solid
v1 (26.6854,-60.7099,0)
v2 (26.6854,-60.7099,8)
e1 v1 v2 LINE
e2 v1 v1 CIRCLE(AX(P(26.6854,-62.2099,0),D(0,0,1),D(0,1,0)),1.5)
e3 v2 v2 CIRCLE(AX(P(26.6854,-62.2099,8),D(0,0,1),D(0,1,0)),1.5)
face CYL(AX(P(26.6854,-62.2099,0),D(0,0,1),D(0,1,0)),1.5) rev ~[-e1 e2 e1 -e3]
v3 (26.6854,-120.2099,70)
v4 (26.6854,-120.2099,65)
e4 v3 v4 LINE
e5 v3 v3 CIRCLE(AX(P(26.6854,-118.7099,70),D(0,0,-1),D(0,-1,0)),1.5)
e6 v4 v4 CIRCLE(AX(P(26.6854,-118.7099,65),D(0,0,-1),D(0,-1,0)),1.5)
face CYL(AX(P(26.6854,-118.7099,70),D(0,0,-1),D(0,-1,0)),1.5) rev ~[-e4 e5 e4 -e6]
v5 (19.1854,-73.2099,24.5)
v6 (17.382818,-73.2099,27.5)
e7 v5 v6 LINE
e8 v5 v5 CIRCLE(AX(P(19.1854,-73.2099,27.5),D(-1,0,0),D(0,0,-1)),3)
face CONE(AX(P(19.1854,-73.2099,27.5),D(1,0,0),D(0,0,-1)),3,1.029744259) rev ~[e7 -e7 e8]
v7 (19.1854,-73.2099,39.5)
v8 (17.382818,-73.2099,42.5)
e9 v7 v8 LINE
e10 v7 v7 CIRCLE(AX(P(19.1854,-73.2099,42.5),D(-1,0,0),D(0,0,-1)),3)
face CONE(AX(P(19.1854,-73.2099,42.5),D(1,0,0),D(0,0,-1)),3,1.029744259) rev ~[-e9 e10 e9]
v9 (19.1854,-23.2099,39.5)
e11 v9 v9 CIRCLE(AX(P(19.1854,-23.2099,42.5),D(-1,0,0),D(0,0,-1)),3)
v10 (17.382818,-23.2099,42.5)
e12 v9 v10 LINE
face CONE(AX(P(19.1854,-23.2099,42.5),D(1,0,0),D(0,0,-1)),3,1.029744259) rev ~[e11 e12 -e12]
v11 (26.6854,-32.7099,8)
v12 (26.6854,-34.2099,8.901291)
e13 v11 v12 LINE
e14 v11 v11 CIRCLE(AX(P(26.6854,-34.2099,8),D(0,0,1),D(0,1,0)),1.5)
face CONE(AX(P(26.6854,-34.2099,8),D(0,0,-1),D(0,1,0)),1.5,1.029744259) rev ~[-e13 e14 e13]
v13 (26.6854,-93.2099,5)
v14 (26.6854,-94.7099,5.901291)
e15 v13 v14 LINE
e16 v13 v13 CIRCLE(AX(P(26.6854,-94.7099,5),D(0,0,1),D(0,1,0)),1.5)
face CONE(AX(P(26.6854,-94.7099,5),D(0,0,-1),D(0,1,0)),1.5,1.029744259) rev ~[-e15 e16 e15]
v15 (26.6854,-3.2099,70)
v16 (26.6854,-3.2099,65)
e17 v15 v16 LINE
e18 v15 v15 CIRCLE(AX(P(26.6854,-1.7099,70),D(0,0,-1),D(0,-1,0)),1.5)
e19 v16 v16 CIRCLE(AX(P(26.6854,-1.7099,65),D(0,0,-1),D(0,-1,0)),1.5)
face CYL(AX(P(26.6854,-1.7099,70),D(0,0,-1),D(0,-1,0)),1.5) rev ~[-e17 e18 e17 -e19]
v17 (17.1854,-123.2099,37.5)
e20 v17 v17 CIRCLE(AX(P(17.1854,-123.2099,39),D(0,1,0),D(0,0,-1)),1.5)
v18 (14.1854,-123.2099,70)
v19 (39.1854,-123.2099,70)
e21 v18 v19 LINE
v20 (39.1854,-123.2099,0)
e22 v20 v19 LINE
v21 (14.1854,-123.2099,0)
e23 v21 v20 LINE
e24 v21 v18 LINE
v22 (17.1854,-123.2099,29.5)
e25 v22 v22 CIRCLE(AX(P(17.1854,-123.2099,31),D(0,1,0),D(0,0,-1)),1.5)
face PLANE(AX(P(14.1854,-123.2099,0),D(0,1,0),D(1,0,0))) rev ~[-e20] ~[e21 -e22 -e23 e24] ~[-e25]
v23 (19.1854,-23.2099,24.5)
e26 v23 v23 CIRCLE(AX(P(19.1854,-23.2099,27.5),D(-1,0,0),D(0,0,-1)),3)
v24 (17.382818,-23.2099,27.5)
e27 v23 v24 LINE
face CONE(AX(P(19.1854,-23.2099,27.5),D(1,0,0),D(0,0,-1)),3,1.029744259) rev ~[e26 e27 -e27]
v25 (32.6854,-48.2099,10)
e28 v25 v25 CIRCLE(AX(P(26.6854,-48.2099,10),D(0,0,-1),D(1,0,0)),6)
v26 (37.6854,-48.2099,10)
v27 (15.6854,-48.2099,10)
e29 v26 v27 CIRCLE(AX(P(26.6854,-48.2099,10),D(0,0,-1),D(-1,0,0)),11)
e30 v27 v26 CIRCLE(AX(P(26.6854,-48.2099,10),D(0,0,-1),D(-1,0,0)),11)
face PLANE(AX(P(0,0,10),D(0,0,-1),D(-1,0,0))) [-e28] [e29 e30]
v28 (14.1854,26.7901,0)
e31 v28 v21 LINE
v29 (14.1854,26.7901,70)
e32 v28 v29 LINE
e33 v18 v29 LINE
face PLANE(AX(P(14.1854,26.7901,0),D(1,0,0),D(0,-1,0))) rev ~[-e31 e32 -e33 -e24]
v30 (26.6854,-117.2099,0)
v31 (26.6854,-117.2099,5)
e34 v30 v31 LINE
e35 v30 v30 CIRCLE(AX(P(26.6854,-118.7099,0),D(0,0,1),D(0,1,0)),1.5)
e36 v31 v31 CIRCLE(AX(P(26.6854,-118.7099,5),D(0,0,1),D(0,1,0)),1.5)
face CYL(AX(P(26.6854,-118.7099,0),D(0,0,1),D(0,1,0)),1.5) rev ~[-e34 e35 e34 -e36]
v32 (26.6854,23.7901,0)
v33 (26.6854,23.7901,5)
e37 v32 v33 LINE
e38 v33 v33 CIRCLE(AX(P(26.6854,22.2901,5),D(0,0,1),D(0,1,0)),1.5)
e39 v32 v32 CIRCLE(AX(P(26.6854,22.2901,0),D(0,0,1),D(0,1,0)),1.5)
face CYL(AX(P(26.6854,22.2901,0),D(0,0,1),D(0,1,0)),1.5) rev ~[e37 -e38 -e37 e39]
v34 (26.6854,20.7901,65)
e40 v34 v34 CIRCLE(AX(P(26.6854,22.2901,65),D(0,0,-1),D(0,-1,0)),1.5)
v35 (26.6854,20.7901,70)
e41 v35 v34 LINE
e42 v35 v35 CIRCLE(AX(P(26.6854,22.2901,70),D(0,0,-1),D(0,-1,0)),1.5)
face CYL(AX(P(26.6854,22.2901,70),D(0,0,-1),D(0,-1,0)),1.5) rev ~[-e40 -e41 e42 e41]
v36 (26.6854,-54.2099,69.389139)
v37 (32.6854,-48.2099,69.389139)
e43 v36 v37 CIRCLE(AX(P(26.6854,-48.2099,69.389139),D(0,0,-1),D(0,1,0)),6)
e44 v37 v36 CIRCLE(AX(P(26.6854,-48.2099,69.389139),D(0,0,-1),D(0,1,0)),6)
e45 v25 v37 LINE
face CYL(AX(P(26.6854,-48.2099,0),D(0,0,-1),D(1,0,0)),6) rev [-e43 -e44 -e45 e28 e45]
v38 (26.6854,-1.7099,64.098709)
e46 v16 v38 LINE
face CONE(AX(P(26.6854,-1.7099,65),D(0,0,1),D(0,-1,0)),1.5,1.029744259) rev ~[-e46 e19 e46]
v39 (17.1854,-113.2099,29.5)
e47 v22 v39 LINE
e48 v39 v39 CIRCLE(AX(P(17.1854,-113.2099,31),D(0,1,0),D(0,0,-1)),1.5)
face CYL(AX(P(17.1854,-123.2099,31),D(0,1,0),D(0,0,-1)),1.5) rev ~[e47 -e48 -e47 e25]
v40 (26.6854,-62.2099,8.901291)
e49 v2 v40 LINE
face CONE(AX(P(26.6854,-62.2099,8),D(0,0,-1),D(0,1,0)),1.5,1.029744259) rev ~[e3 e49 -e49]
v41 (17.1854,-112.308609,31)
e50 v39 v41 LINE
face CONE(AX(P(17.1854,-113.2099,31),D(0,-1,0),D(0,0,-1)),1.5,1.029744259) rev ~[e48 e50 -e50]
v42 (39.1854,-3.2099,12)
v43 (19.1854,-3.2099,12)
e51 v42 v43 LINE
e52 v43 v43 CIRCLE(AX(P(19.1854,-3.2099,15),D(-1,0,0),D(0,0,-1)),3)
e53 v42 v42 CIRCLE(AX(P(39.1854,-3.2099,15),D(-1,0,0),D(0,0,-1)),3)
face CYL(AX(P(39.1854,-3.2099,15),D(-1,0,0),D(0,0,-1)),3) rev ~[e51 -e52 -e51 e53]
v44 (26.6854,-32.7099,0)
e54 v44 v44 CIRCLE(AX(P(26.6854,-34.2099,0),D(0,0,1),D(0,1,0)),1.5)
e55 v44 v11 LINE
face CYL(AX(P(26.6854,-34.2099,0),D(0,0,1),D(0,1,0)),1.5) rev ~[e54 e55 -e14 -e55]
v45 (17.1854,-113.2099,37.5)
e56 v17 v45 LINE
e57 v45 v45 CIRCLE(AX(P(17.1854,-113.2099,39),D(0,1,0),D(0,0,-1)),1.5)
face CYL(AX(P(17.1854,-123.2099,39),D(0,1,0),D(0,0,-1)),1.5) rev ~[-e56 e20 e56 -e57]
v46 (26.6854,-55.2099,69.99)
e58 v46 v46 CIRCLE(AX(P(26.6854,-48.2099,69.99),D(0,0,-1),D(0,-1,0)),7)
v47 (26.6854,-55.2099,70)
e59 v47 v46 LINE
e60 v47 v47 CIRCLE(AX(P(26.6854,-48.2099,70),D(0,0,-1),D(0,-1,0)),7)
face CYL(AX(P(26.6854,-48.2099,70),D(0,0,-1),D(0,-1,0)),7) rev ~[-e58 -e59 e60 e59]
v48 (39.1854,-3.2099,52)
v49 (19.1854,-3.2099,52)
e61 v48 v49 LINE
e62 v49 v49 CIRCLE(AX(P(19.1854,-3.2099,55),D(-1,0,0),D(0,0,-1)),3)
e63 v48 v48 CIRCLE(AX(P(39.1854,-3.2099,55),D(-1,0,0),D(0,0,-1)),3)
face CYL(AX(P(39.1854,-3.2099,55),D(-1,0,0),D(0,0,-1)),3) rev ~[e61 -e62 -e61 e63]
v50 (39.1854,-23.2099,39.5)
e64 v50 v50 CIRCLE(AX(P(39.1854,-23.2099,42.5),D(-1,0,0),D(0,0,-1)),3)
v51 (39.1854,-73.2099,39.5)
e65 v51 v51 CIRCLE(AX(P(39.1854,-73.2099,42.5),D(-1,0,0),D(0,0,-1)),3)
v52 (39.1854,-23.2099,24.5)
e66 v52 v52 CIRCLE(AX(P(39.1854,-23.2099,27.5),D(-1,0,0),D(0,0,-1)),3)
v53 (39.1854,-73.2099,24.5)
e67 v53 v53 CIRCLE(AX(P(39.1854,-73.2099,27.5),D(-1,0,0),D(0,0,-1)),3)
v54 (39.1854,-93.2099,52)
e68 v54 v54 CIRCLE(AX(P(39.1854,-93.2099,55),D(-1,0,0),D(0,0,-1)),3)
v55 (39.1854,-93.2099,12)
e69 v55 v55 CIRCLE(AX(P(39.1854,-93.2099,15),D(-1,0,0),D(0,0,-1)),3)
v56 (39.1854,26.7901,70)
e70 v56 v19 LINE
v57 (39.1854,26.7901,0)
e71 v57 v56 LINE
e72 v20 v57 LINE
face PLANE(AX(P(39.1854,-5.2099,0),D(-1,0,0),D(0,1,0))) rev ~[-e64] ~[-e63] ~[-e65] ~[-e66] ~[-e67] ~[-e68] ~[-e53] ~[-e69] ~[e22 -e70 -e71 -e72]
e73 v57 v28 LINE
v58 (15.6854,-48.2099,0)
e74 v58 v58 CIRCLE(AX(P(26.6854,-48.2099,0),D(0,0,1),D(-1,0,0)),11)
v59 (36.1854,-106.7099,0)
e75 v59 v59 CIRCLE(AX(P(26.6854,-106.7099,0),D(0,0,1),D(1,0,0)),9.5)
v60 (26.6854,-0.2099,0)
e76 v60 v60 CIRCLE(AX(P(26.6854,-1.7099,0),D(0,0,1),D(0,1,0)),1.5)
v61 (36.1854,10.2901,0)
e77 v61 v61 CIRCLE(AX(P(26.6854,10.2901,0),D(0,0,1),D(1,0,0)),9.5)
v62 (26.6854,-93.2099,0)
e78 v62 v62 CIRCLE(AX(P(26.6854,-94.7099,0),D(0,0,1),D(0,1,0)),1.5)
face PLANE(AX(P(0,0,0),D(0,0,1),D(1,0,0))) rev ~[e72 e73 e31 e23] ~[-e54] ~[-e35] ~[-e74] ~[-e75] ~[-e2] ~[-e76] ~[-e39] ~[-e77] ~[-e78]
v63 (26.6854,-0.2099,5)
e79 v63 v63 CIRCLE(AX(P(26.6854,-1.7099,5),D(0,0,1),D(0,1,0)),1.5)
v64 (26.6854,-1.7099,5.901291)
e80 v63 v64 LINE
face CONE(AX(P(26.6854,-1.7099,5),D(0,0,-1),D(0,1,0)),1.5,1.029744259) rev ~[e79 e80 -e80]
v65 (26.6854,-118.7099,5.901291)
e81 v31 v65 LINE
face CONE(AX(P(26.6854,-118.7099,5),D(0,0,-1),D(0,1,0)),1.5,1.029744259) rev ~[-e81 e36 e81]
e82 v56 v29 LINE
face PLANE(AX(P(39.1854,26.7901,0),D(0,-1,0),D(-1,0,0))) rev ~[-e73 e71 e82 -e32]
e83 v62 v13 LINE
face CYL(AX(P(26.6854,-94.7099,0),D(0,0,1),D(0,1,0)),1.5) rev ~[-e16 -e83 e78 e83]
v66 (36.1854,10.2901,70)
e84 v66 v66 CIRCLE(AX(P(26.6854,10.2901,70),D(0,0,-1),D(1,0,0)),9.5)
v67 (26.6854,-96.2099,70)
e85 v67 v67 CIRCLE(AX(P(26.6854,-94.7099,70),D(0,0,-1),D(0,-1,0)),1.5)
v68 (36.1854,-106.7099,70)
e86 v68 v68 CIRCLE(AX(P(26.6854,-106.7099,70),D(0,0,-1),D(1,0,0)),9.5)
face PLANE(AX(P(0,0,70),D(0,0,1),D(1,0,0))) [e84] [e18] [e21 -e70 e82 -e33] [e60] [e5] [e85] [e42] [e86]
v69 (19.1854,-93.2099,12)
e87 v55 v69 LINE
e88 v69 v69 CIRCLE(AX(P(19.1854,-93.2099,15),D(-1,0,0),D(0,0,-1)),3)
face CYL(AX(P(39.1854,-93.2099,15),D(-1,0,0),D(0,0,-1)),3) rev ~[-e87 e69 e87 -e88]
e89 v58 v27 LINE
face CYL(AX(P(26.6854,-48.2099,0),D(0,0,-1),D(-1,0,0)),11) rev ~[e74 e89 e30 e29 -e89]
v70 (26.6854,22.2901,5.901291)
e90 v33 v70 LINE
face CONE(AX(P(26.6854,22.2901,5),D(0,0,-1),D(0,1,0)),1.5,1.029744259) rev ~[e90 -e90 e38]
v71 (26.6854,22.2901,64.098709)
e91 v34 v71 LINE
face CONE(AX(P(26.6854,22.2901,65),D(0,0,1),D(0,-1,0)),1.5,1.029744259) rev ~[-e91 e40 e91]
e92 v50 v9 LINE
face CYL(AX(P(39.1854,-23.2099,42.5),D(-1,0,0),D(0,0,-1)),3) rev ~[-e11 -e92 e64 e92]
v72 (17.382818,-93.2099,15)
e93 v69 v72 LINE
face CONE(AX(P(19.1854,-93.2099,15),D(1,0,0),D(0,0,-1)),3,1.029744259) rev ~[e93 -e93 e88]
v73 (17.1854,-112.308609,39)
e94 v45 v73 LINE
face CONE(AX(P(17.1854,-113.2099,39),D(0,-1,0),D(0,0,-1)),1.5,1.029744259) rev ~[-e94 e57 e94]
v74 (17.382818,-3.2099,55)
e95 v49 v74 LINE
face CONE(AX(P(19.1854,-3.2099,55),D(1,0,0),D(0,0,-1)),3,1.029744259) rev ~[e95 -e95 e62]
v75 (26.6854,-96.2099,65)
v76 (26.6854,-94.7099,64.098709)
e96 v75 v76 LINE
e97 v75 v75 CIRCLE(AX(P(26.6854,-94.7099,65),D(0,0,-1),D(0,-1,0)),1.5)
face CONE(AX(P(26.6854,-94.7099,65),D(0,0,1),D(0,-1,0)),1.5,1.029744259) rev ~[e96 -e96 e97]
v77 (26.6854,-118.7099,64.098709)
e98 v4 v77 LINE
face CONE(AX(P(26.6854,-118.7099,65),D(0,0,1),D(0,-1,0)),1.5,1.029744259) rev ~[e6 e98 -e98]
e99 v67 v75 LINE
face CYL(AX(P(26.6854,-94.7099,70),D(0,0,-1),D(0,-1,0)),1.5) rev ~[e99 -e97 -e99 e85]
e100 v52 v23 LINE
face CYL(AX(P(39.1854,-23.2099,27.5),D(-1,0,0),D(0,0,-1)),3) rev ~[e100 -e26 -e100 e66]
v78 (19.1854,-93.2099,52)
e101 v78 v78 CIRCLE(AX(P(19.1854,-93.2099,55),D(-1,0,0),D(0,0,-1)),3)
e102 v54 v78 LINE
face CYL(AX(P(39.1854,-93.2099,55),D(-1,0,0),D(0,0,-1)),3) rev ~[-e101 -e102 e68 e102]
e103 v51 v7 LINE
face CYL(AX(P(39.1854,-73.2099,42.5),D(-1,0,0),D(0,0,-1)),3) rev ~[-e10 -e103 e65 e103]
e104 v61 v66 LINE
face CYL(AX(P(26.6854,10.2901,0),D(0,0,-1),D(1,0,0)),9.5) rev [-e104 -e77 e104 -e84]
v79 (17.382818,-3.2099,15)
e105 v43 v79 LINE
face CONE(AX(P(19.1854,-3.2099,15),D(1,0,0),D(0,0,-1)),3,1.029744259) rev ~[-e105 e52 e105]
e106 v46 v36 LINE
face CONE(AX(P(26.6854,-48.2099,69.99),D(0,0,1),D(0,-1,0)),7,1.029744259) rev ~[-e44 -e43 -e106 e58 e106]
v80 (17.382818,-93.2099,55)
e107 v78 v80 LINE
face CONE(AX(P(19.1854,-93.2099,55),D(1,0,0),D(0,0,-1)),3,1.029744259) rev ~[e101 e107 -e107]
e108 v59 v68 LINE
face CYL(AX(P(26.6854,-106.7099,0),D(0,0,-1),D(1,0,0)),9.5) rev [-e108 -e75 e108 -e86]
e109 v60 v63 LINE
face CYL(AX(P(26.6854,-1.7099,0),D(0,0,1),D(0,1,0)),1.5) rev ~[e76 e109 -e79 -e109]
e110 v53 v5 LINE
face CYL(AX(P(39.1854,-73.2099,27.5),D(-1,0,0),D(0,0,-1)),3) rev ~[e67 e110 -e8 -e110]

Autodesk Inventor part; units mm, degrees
ref_plane "YZ Plane" through (0, 0, 0) normal (1, 0, 0) x (0, 1, 0)
ref_plane "XZ Plane" through (0, 0, 0) normal (0, 1, 0) x (-1, 0, 0)
ref_plane "XY Plane" through (0, 0, 0) normal (0, 0, 1) x (1, 0, 0)
sketch "Sketch1" plane through (0, 0, 0) normal (0, 0, 1) x (1, 0, 0)
  line L0 (14.1854, 26.7901) -> (14.1854, -123.2099)
  line L1 (14.1854, -123.2099) -> (39.1854, -123.2099)
  line L2 (39.1854, -123.2099) -> (39.1854, 26.7901)
  line L3 (39.1854, 26.7901) -> (14.1854, 26.7901)
  circle A0 centre (26.6854, 10.2901) radius 9.5
  circle A1 centre (26.6854, -48.2099) radius 6
  circle A2 centre (37.1854, -8.2099) radius 3
  line L4 (39.1854, -5.2099) -> (14.1854, -5.2099)
  line L5 (39.1854, -11.2099) -> (14.1854, -11.2099)
  circle A3 centre (26.6854, 23.2901) radius 1.5
  line L6 (26.6854, 19.7901) -> (20.6854, 19.7901)
  line L7 (26.6854, 21.7901) -> (21.9472, 21.7901)
  line L8 (26.6854, 24.7901) -> (23.6854, 24.7901)
  line L9 (26.6854, 10.2901) -> (21.9472, 10.2901)
  circle A4 centre (26.6854, -2.7099) radius 1.5
  line L10 (14.1854, -48.2099) -> (17.1854, -48.2099)
  circle A5 centre (26.6854, -106.7099) radius 9.5
  circle A6 centre (37.1854, -88.2099) radius 3
  line L11 (39.1854, -91.2099) -> (14.1854, -91.2099)
  line L12 (39.1854, -85.2099) -> (14.1854, -85.2099)
  circle A7 centre (26.6854, -119.7099) radius 1.5
  line L13 (26.6854, -116.2099) -> (20.6854, -116.2099)
  line L14 (26.6854, -118.2099) -> (21.9472, -118.2099)
  line L15 (26.6854, -121.2099) -> (23.6854, -121.2099)
  line L16 (26.6854, -106.7099) -> (21.9472, -106.7099)
  circle A8 centre (26.6854, -93.7099) radius 1.5
  dimension "d0" = 150
  dimension "d1" = 25
  dimension "d6" = 12.5
  dimension "d8" = 12
  dimension "d12" = 75
  dimension "d13" = 6
  dimension "d33" = 3
  dimension "d81" = 3.5
  dimension "d83" = 2
  dimension "d84" = 2
  dimension "d85" = 16.5
  dimension "d130" = 12.5
  dimension "d131" = 12.5
extrude "Extrusion1" add sketch "Sketch1" along normal blind 70 contours L3 L2 L4 L0 | L4 A2 L5 L0 | L5 L2 L12 L0 | L4 L2 A2 | A2 L2 | A2 L2 L5 | L12 A6 L11 L0 | L11 L2 L1 L0 | L12 L2 A6 | A6 L2 | A6 L2 L11 | A3 | A4 | A7 | A8 picked at (35.982, -7.4645) picked at (36.2539, -87.8584)
sketch "Sketch2" plane through (39.1854, -123.2099, 0) normal (1, 0, 0) x (0, 0, -1)
  circle A0 centre (-27.5, 100) radius 3
  circle A1 centre (-42.5, 100) radius 3
  circle A2 centre (-55, 120) radius 3
  circle A3 centre (-15, 120) radius 3
  line L0 (0, 150) -> (-70, 150) projected
  line L1 (0, 0) -> (0, 150) projected
  line L2 (-70, 0) -> (-70, 150) projected
  line L3 (0, 75) -> (-12, 75)
  circle A4 centre (-27.5, 50) radius 3
  circle A5 centre (-42.5, 50) radius 3
  circle A6 centre (-55, 30) radius 3
  circle A7 centre (-15, 30) radius 3
  dimension "d17" = 6
  dimension "d18" = 6
  dimension "d19" = 6
  dimension "d20" = 6
  dimension "d21" = 30
  dimension "d24" = 30
  dimension "d25" = 15
  dimension "d26" = 15
  dimension "d204" = 50
  dimension "d205" = 50
  dimension "d206" = 12.5
  dimension "d207" = 12.5
sketch "Sketch5" plane through (0, 0, 0) normal (0, 0, -1) x (-1, 0, 0)
  circle A0 centre (-26.6854, 22.2901) radius 1.5
  line L0 (-39.1854, 26.7901) -> (-14.1854, 26.7901) projected
  circle A1 centre (-26.6854, 10.2901) radius 9.5 projected
  line L1 (-14.1854, 26.7901) -> (-14.1854, -123.2099) projected
  circle A2 centre (-26.6854, -1.7099) radius 1.5
  line L2 (-14.1854, 26.7901) -> (-14.1854, -123.2099) projected
  line L3 (-14.1854, -48.2099) -> (-19.6815, -48.2099)
  circle A3 centre (-26.6854, -118.7099) radius 1.5
  circle A4 centre (-26.6854, -94.7099) radius 1.5
  circle A5 centre (-26.6854, 10.2901) radius 9.5 projected
  line L4 (-26.6854, 0.7901) -> (-19.8619, 0.7901)
  dimension "d53" = 3
  dimension "d55" = 12.5
  dimension "d56" = 3
  dimension "d58" = 12.5
  dimension "d79" = 12
  dimension "d199" = 12
sketch "Sketch7" plane through (0, 0, 70) normal (0, 0, 1) x (1, 0, 0)
  circle A0 centre (26.6854, 22.2901) radius 1.5
  line L0 (39.1854, 26.7901) -> (14.1854, 26.7901) projected
  line L1 (39.1854, -123.2099) -> (39.1854, 26.7901) projected
  circle A1 centre (26.6854, -1.7099) radius 1.5
  line L2 (39.1854, -48.2099) -> (34.5459, -48.2099)
  circle A2 centre (26.6854, -118.7099) radius 1.5
  line L3 (39.1854, -123.2099) -> (14.1854, -123.2099)
  line L4 (39.1854, 26.7901) -> (39.1854, -123.2099)
  line L5 (26.6854, -106.7099) -> (25.3096, -106.7099)
  circle A3 centre (26.6854, -94.7099) radius 1.5
  circle A4 centre (26.6854, 10.2901) radius 9.5 projected
  dimension "d87" = 3
  dimension "d89" = 12.5
thread "Thread16" size "M12x1.5" class "6H" standard "ISO Metric profile" length 40
sketch "Sketch8" plane through (0, 0, 0) normal (0, 0, -1) x (-1, 0, 0)
  line L0 (-39.1854, -48.2099) -> (-26.6854, -48.2099)
  circle A0 centre (-26.6854, -48.2099) radius 11
  circle A1 centre (-26.6854, -48.2099) radius 6 projected
  point P0 (0, 0)
  dimension "d113" = 12.5
  dimension "d114" = 22
extrude "Extrusion9" cut sketch "Sketch8" against normal blind 10
sketch "Sketch9" plane through (0, 0, 0) normal (0, 0, -1) x (-1, 0, 0)
  circle A0 centre (-26.6854, -48.2099) radius 11
  circle A1 centre (-26.6854, -48.2099) radius 11 projected
  circle A2 centre (-26.6854, -34.2099) radius 1.5
  circle A3 centre (-26.6854, -62.2099) radius 1.5
  line L0 (-39.1854, -123.2099) -> (-39.1854, 26.7901) projected
  line L1 (-14.1854, 26.7901) -> (-14.1854, -123.2099) projected
  dimension "d117" = 22
  dimension "d118" = 3
  dimension "d119" = 3
  dimension "d120" = 14
  dimension "d121" = 14
  dimension "d122" = 12.5
  dimension "d123" = 12.5
hole "Agujero1" at (39.1854, -3.2099, 55) at (39.1854, -23.2099, 42.5) at (39.1854, -23.2099, 27.5) at (39.1854, -3.2099, 15) at (39.1854, -93.2099, 55) at (39.1854, -73.2099, 42.5) at (39.1854, -73.2099, 27.5) at (39.1854, -93.2099, 15) direction (-1, 0, 0) diameter 6 depth 20 tip angle 118
hole "Agujero2" at (26.6854, -1.7099, 0) at (26.6854, 22.2901, 0) at (26.6854, -94.7099, 0) at (26.6854, -118.7099, 0) direction (0, 0, 1) diameter 3 depth 5 tip angle 118
thread "Rosca21" size "M3x0.5" class "6H" standard "ISO Metric profile" length 430
thread "Rosca22" size "M3x0.5" class "6H" standard "ISO Metric profile" length 430
thread "Rosca23" size "M3x0.5" class "6H" standard "ISO Metric profile" length 430
thread "Rosca24" size "M3x0.5" class "6H" standard "ISO Metric profile" length 430
hole "Agujero3" at (26.6854, 22.2901, 70) at (26.6854, -1.7099, 70) at (26.6854, -94.7099, 70) at (26.6854, -118.7099, 70) direction (0, 0, -1) diameter 3 depth 5 tip angle 118
thread "Rosca25" size "M3x0.5" class "6H" standard "ISO Metric profile" length 430
thread "Rosca26" size "M3x0.5" class "6H" standard "ISO Metric profile" length 430
thread "Rosca27" size "M3x0.5" class "6H" standard "ISO Metric profile" length 430
thread "Rosca28" size "M3x0.5" class "6H" standard "ISO Metric profile" length 430
hole "Agujero4" at (26.6854, -34.2099, 0) at (26.6854, -62.2099, 0) direction (0, 0, 1) diameter 3 depth 8 tip angle 118
thread "Rosca29" size "M3x0.5" class "6H" standard "ISO Metric profile" length 430
thread "Rosca30" size "M3x0.5" class "6H" standard "ISO Metric profile" length 430
sketch "Boceto10" plane through (0, 0, 70) normal (0, 0, 1) x (1, 0, 0)
  circle A0 centre (26.6854, -48.2099) radius 6 projected
  circle A1 centre (26.6854, -48.2099) radius 7
  point P0 (0, 0)
  dimension "d184" = 14
hole "Agujero5" at (26.6854, -48.2099, 70) direction (0, 0, -1) diameter 14 depth 0.01 tip angle 118
sketch "Boceto11" plane through (14.1854, -123.2099, 0) normal (0, -1, 0) x (1, 0, 0)
  line L0 (6.5, 69.3891) -> (6.5, 10) projected
  circle A0 centre (3, 31) radius 1.5
  circle A1 centre (3, 39) radius 1.5
  line L1 (0, 0) -> (0, 70) projected
  line L2 (0, 70) -> (25, 70) projected
  point P0 (-14.1854, 0)
  dimension "d209" = 3
  dimension "d210" = 3
  dimension "d211" = 3
  dimension "d212" = 31
  dimension "d213" = 3
  dimension "d214" = 8
hole "Agujero7" at (17.1854, -123.2099, 31) at (17.1854, -123.2099, 39) direction (0, 1, 0) diameter 3 depth 10 tip angle 118
thread "Thread31" size "M3x0.5" class "6H" standard "ISO Metric profile" length 7
thread "Thread32" size "M3x0.5" class "6H" standard "ISO Metric profile" length 7
thread "Rosca33" size "M6x1" class "6H" standard "ANSI Metric M Profile" length 16
thread "Rosca34" size "M6x1" class "6H" standard "ANSI Metric M Profile" length 16
thread "Rosca35" size "M6x1" class "6H" standard "ANSI Metric M Profile" length 16
thread "Rosca36" size "M6x1" class "6H" standard "ANSI Metric M Profile" length 16
thread "Rosca37" size "M6x1" class "6H" standard "ANSI Metric M Profile" length 16
thread "Rosca38" size "M6x1" class "6H" standard "ANSI Metric M Profile" length 16
thread "Rosca39" size "M6x1" class "6H" standard "ANSI Metric M Profile" length 16
thread "Rosca40" size "M6x1" class "6H" standard "ANSI Metric M Profile" length 16
equation "\"d211\" = d213"
properties part number "Bloque - Vinculo Cabezal" material "Aluminum 6061"
